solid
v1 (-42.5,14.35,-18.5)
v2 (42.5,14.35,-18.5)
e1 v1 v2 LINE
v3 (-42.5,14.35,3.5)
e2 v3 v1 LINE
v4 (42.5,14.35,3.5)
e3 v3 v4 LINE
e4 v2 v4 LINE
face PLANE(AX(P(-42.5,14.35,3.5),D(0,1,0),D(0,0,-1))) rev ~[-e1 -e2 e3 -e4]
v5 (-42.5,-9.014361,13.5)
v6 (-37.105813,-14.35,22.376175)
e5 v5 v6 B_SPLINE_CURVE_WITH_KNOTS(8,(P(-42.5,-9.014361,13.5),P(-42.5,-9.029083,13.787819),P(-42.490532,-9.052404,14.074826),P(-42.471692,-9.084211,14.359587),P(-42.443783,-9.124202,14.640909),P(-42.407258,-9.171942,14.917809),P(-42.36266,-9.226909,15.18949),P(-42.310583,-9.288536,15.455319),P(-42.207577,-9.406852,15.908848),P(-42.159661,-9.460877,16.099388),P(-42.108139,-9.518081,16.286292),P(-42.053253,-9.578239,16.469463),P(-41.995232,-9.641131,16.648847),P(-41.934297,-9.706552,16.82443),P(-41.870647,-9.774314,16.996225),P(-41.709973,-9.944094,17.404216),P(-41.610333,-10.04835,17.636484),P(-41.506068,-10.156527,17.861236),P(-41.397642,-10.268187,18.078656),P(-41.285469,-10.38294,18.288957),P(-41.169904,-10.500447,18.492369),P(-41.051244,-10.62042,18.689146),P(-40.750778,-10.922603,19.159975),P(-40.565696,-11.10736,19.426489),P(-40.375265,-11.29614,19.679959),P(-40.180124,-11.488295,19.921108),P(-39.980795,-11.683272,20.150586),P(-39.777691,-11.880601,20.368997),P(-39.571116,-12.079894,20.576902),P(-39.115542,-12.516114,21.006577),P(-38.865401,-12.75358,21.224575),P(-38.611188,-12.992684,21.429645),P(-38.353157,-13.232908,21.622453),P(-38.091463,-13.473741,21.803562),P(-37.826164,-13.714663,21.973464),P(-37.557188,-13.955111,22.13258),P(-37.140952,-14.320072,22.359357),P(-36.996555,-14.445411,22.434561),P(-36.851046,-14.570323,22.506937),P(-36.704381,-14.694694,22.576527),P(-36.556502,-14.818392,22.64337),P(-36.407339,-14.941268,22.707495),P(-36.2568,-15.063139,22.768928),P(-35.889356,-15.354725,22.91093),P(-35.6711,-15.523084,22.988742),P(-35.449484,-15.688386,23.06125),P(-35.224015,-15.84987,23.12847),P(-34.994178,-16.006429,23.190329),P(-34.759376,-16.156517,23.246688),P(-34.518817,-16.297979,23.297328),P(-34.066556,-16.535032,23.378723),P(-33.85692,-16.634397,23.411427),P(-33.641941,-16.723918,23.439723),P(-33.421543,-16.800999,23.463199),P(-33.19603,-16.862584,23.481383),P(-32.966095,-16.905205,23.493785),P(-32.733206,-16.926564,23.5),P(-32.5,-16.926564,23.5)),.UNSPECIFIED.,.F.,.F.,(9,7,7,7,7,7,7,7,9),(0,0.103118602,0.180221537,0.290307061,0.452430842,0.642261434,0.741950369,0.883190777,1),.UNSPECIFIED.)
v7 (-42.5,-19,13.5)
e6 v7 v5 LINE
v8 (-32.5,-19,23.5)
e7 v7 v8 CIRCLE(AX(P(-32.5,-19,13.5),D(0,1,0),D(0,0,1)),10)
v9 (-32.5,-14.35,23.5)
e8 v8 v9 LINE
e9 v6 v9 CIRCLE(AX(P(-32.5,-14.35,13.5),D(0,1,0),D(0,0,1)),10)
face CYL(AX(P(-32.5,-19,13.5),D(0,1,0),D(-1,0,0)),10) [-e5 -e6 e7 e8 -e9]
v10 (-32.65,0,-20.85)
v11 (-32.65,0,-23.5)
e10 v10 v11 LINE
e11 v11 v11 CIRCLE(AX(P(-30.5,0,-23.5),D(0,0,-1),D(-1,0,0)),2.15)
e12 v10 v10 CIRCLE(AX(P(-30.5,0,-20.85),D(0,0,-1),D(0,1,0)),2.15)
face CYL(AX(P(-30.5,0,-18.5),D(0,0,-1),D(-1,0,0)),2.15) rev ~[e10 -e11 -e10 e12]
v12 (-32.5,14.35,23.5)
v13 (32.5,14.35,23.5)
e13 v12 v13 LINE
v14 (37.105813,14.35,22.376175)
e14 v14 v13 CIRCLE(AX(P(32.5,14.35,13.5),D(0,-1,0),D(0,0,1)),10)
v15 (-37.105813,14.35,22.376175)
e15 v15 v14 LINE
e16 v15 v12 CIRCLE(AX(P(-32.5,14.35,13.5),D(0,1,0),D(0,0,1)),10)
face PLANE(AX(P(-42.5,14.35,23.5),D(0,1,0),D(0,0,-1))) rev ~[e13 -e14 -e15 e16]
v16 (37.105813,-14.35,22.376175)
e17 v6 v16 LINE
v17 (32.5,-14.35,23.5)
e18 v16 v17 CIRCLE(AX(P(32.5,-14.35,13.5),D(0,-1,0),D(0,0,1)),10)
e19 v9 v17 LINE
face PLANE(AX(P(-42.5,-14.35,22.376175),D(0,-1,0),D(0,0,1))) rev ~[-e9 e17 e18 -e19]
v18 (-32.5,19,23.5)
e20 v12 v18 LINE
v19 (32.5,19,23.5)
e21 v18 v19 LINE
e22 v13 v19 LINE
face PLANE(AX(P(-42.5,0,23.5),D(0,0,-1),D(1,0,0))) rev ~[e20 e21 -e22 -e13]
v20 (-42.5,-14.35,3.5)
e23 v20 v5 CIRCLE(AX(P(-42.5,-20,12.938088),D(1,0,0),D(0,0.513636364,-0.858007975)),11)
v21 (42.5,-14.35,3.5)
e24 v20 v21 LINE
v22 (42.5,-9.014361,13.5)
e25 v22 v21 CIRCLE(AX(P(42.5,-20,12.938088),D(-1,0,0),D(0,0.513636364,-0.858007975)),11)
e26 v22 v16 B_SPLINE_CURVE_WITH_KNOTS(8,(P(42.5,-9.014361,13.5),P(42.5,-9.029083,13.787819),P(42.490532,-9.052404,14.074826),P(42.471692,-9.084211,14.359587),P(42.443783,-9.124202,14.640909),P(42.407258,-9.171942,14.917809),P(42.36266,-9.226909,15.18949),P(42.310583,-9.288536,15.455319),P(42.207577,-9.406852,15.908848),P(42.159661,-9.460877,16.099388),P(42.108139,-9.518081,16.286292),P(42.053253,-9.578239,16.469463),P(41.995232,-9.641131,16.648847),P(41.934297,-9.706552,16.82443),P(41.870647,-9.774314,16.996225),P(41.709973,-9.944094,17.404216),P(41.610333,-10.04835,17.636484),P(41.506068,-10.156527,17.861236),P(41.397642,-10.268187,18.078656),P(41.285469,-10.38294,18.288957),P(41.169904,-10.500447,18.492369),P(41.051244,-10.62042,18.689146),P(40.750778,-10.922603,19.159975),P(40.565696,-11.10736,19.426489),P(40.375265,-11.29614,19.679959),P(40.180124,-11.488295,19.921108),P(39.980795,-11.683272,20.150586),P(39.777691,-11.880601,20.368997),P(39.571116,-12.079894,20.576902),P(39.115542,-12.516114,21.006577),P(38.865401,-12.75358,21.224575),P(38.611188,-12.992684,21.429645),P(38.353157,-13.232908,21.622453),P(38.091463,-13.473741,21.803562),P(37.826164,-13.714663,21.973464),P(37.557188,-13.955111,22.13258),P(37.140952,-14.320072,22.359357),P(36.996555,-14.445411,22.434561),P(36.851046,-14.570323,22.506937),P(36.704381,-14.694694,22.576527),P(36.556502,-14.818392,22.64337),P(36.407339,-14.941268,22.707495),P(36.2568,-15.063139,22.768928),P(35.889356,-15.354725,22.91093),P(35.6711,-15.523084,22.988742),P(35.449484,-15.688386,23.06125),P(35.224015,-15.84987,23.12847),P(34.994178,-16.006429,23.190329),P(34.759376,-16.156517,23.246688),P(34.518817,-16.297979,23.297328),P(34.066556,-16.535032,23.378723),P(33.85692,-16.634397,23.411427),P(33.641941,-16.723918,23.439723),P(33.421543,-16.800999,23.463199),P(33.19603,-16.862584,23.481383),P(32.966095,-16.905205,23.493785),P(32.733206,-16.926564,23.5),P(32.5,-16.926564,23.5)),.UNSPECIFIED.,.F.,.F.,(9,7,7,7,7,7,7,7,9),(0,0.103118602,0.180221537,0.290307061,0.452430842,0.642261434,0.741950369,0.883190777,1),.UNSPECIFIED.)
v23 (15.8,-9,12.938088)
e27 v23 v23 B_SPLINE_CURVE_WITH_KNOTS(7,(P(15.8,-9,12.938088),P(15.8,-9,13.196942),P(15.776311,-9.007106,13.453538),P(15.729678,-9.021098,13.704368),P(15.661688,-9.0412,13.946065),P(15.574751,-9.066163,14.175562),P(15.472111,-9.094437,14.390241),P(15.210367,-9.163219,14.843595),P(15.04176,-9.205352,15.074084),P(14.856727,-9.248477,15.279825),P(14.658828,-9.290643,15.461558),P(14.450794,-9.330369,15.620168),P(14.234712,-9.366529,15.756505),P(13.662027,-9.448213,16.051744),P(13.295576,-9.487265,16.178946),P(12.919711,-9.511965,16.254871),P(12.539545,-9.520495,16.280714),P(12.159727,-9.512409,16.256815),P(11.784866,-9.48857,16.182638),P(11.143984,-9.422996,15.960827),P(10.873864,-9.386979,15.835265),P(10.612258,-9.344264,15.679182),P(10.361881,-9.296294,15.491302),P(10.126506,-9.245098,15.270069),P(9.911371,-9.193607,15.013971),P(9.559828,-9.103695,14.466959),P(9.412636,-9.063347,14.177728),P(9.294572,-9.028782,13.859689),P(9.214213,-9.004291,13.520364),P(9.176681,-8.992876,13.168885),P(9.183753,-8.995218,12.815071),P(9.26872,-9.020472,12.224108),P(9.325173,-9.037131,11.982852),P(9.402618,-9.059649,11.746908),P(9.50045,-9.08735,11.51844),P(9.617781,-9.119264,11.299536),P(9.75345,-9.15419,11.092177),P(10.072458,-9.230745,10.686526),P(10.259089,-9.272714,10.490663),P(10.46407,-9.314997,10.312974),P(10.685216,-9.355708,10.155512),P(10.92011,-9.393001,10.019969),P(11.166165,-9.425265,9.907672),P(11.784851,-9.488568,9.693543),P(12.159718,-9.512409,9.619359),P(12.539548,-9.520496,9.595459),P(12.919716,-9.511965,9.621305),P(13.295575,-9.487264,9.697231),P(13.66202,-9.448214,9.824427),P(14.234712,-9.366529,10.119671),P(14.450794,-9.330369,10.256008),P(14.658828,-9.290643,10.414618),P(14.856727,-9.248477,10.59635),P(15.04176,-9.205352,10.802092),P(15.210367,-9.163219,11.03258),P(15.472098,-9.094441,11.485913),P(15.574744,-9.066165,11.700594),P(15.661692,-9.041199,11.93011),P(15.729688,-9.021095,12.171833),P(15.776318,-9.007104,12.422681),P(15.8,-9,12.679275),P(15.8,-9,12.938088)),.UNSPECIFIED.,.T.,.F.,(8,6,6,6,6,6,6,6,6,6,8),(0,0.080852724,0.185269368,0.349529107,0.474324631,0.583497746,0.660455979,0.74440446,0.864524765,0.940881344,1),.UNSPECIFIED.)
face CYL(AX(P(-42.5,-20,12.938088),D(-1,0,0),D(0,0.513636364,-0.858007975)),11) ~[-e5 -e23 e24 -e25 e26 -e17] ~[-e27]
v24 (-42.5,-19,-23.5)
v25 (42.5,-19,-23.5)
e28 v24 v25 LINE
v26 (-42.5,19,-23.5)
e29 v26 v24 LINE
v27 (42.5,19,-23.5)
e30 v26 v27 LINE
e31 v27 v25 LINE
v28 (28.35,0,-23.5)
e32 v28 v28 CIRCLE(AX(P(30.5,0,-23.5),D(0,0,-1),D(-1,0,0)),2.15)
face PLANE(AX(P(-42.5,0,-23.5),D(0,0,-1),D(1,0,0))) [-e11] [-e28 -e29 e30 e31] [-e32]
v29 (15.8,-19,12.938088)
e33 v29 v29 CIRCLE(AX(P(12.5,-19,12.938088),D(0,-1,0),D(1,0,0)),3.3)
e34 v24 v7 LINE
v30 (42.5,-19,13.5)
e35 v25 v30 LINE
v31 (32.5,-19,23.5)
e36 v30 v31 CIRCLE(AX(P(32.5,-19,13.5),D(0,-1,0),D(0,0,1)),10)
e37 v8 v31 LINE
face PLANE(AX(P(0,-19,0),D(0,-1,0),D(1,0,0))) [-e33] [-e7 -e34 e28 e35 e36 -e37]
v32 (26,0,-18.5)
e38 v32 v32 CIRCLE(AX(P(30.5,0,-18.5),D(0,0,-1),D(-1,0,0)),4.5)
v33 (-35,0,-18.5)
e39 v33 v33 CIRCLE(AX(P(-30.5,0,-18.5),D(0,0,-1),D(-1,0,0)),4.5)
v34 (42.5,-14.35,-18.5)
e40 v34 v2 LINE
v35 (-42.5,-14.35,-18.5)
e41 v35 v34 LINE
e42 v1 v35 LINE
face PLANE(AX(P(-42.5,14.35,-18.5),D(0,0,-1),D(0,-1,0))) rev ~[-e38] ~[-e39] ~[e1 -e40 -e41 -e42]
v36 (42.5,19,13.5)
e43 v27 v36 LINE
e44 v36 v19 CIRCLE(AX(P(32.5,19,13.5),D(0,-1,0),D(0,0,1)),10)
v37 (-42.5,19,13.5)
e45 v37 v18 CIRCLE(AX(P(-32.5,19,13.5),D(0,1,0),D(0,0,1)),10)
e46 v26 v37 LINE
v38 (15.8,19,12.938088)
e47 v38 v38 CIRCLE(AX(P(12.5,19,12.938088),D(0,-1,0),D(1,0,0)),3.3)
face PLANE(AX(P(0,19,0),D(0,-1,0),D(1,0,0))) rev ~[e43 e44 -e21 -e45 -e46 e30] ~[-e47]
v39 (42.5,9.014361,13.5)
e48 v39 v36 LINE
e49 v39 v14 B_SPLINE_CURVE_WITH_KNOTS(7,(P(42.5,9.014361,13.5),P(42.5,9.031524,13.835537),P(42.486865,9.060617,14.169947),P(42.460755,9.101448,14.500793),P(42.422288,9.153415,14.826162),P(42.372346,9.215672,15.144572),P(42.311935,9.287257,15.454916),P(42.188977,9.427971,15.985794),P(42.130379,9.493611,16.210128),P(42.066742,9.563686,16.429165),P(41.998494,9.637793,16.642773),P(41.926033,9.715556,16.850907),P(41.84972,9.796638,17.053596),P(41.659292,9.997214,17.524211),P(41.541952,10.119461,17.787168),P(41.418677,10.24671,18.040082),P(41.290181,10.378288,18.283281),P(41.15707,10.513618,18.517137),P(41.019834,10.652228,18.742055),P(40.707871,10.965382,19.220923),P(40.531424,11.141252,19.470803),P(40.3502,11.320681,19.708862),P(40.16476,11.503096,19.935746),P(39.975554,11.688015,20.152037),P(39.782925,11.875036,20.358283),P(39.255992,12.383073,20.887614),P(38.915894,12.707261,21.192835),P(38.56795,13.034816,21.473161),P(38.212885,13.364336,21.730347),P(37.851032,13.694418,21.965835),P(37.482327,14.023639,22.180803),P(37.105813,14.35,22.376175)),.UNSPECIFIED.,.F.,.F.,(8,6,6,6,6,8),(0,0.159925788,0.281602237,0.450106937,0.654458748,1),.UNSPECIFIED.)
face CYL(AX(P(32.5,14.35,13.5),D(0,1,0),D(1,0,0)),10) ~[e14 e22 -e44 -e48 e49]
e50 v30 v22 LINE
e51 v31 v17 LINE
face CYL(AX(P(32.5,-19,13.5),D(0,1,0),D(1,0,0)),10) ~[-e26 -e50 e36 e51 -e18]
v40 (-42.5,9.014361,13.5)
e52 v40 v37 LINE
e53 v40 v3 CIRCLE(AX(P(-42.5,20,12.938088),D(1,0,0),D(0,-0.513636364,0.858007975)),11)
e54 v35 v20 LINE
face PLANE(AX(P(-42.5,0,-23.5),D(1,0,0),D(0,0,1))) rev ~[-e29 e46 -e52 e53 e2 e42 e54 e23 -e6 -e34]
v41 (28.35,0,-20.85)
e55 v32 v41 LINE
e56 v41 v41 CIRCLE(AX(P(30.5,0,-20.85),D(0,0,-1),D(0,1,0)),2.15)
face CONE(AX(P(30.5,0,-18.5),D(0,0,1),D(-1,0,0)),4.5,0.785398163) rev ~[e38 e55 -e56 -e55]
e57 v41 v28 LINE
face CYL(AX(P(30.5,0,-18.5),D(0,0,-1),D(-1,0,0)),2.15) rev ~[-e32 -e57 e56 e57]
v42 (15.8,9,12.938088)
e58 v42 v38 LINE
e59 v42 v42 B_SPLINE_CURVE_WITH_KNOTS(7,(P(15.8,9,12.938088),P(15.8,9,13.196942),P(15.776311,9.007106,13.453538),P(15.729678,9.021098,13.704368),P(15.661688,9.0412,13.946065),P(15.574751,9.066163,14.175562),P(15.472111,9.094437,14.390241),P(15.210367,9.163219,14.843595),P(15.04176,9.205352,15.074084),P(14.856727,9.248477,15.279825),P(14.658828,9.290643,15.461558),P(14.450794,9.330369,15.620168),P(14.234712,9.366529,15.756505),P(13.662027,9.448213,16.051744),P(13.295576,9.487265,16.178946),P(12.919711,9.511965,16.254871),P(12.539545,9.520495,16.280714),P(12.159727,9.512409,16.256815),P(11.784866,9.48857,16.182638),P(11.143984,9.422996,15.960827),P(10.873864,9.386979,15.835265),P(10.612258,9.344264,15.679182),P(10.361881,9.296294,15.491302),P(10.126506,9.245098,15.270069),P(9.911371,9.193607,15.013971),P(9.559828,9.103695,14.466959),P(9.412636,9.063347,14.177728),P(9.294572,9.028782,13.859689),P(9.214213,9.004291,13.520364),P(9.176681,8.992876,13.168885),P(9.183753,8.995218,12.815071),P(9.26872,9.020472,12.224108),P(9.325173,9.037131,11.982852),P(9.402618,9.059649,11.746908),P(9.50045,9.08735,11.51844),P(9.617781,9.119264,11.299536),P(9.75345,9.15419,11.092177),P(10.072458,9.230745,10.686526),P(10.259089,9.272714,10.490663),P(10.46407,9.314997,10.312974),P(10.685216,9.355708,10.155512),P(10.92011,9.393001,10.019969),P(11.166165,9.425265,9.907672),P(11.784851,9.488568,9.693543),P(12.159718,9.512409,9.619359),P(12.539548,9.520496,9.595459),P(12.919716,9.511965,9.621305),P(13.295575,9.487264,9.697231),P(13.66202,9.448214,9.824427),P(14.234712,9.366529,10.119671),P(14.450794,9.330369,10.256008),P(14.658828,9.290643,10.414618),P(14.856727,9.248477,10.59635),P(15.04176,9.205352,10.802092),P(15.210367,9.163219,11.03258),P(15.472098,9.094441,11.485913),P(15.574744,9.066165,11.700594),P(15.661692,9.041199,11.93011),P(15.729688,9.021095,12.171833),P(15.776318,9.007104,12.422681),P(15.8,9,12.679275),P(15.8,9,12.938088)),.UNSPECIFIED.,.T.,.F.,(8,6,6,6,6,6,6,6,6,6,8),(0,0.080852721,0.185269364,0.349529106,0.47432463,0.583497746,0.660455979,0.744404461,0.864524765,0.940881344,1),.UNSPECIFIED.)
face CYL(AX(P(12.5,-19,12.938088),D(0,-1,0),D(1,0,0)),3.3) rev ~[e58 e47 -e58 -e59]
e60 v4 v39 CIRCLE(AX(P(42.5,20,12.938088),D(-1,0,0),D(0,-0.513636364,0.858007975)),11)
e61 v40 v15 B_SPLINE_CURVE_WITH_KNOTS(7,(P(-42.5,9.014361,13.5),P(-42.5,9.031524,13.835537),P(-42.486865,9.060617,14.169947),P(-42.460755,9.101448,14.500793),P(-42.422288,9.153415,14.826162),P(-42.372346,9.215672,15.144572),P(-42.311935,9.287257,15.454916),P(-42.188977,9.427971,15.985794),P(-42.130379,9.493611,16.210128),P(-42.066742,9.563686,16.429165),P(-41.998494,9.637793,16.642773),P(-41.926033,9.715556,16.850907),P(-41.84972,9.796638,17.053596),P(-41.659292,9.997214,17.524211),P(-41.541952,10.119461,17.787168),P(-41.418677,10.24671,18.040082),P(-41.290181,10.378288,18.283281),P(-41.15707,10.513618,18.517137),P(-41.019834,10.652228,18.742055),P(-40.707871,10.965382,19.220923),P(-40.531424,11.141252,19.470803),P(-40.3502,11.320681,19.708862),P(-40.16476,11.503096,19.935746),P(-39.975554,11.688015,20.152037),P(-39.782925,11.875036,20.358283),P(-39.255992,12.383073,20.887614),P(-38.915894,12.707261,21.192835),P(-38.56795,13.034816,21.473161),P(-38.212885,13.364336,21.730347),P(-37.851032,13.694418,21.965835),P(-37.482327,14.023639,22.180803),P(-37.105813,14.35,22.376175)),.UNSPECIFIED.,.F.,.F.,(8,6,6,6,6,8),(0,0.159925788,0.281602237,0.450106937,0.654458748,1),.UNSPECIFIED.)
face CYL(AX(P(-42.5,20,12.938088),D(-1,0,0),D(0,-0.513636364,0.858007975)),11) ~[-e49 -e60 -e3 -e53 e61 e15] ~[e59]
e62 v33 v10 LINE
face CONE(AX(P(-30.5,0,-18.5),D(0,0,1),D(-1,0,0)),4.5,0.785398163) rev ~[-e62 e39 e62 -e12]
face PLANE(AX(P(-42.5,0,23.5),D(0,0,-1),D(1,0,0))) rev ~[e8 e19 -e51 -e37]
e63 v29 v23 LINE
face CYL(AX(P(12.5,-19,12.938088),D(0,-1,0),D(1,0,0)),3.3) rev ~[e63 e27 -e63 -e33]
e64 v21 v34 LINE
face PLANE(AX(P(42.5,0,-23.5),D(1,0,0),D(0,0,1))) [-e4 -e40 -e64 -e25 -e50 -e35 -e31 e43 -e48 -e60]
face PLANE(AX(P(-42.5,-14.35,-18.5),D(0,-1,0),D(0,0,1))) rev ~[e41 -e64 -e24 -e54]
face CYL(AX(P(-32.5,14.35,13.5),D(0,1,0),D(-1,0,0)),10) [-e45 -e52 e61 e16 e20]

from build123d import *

# Parameters (mm, degrees)
F0_W           = 85
F0_H           = 47
F1_DEPTH       = 19
F3_DEPTH       = 85.001
F4_R           = 3.3
F5_DEPTH       = 38.001
F7_D           = 4.3
F7_CSINK_D     = 9
F7_CSINK_ANGLE = 90
F8_R           = 10


with BuildPart() as f1:
    # F0 (on Front) → F1 (new body, symmetric)
    with BuildSketch(Plane.XZ):
        Rectangle(F0_W, F0_H)
    extrude(amount=F1_DEPTH, both=True)

    # F2 (on face) → F3 (cut, through all)
    with BuildSketch(Plane(origin=(-42.5, 0, 0), x_dir=(0, -1, 0), z_dir=(-1, 0, 0))):
        with BuildLine():
            Line((-14.35, 3.5), (-14.35, -18.5))
            Line((-14.35, -18.5), (14.35, -18.5))
            Line((14.35, -18.5), (14.35, 3.5))
            ThreePointArc((14.35, 3.5), (9, 12.93808773), (14.35, 22.3761754601))
            Line((14.35, 22.3761754601), (14.35, 23.5))
            Line((14.35, 23.5), (-14.35, 23.5))
            Line((-14.35, 23.5), (-14.35, 22.3761754601))
            ThreePointArc((-14.35, 22.3761754601), (-9, 12.93808773), (-14.35, 3.5))
        make_face()
    extrude(amount=-F3_DEPTH, mode=Mode.SUBTRACT)

    # F4 (on face) → F5 (cut, through all)
    with BuildSketch(Plane.XZ.offset(19)):
        with Locations((12.5, 12.93808773)):
            Circle(F4_R)
    extrude(amount=-F5_DEPTH, mode=Mode.SUBTRACT)

    # F7 (through all)
    with Locations(Plane.XY.offset(-18.5)):
        with Locations((-30.5, 0), (30.5, 0)):
            CounterSinkHole(F7_D / 2, F7_CSINK_D / 2, counter_sink_angle=F7_CSINK_ANGLE)

    # F8
    f8_edges = [f1.edges().sort_by_distance(p)[0] for p in [
        (-42.5, 16.675, 23.5),
        (-42.5, -16.675, 23.5),
        (42.5, 16.675, 23.5),
        (42.5, -16.675, 23.5),
    ]]
    fillet(f8_edges, radius=F8_R)


solid = f1.part
